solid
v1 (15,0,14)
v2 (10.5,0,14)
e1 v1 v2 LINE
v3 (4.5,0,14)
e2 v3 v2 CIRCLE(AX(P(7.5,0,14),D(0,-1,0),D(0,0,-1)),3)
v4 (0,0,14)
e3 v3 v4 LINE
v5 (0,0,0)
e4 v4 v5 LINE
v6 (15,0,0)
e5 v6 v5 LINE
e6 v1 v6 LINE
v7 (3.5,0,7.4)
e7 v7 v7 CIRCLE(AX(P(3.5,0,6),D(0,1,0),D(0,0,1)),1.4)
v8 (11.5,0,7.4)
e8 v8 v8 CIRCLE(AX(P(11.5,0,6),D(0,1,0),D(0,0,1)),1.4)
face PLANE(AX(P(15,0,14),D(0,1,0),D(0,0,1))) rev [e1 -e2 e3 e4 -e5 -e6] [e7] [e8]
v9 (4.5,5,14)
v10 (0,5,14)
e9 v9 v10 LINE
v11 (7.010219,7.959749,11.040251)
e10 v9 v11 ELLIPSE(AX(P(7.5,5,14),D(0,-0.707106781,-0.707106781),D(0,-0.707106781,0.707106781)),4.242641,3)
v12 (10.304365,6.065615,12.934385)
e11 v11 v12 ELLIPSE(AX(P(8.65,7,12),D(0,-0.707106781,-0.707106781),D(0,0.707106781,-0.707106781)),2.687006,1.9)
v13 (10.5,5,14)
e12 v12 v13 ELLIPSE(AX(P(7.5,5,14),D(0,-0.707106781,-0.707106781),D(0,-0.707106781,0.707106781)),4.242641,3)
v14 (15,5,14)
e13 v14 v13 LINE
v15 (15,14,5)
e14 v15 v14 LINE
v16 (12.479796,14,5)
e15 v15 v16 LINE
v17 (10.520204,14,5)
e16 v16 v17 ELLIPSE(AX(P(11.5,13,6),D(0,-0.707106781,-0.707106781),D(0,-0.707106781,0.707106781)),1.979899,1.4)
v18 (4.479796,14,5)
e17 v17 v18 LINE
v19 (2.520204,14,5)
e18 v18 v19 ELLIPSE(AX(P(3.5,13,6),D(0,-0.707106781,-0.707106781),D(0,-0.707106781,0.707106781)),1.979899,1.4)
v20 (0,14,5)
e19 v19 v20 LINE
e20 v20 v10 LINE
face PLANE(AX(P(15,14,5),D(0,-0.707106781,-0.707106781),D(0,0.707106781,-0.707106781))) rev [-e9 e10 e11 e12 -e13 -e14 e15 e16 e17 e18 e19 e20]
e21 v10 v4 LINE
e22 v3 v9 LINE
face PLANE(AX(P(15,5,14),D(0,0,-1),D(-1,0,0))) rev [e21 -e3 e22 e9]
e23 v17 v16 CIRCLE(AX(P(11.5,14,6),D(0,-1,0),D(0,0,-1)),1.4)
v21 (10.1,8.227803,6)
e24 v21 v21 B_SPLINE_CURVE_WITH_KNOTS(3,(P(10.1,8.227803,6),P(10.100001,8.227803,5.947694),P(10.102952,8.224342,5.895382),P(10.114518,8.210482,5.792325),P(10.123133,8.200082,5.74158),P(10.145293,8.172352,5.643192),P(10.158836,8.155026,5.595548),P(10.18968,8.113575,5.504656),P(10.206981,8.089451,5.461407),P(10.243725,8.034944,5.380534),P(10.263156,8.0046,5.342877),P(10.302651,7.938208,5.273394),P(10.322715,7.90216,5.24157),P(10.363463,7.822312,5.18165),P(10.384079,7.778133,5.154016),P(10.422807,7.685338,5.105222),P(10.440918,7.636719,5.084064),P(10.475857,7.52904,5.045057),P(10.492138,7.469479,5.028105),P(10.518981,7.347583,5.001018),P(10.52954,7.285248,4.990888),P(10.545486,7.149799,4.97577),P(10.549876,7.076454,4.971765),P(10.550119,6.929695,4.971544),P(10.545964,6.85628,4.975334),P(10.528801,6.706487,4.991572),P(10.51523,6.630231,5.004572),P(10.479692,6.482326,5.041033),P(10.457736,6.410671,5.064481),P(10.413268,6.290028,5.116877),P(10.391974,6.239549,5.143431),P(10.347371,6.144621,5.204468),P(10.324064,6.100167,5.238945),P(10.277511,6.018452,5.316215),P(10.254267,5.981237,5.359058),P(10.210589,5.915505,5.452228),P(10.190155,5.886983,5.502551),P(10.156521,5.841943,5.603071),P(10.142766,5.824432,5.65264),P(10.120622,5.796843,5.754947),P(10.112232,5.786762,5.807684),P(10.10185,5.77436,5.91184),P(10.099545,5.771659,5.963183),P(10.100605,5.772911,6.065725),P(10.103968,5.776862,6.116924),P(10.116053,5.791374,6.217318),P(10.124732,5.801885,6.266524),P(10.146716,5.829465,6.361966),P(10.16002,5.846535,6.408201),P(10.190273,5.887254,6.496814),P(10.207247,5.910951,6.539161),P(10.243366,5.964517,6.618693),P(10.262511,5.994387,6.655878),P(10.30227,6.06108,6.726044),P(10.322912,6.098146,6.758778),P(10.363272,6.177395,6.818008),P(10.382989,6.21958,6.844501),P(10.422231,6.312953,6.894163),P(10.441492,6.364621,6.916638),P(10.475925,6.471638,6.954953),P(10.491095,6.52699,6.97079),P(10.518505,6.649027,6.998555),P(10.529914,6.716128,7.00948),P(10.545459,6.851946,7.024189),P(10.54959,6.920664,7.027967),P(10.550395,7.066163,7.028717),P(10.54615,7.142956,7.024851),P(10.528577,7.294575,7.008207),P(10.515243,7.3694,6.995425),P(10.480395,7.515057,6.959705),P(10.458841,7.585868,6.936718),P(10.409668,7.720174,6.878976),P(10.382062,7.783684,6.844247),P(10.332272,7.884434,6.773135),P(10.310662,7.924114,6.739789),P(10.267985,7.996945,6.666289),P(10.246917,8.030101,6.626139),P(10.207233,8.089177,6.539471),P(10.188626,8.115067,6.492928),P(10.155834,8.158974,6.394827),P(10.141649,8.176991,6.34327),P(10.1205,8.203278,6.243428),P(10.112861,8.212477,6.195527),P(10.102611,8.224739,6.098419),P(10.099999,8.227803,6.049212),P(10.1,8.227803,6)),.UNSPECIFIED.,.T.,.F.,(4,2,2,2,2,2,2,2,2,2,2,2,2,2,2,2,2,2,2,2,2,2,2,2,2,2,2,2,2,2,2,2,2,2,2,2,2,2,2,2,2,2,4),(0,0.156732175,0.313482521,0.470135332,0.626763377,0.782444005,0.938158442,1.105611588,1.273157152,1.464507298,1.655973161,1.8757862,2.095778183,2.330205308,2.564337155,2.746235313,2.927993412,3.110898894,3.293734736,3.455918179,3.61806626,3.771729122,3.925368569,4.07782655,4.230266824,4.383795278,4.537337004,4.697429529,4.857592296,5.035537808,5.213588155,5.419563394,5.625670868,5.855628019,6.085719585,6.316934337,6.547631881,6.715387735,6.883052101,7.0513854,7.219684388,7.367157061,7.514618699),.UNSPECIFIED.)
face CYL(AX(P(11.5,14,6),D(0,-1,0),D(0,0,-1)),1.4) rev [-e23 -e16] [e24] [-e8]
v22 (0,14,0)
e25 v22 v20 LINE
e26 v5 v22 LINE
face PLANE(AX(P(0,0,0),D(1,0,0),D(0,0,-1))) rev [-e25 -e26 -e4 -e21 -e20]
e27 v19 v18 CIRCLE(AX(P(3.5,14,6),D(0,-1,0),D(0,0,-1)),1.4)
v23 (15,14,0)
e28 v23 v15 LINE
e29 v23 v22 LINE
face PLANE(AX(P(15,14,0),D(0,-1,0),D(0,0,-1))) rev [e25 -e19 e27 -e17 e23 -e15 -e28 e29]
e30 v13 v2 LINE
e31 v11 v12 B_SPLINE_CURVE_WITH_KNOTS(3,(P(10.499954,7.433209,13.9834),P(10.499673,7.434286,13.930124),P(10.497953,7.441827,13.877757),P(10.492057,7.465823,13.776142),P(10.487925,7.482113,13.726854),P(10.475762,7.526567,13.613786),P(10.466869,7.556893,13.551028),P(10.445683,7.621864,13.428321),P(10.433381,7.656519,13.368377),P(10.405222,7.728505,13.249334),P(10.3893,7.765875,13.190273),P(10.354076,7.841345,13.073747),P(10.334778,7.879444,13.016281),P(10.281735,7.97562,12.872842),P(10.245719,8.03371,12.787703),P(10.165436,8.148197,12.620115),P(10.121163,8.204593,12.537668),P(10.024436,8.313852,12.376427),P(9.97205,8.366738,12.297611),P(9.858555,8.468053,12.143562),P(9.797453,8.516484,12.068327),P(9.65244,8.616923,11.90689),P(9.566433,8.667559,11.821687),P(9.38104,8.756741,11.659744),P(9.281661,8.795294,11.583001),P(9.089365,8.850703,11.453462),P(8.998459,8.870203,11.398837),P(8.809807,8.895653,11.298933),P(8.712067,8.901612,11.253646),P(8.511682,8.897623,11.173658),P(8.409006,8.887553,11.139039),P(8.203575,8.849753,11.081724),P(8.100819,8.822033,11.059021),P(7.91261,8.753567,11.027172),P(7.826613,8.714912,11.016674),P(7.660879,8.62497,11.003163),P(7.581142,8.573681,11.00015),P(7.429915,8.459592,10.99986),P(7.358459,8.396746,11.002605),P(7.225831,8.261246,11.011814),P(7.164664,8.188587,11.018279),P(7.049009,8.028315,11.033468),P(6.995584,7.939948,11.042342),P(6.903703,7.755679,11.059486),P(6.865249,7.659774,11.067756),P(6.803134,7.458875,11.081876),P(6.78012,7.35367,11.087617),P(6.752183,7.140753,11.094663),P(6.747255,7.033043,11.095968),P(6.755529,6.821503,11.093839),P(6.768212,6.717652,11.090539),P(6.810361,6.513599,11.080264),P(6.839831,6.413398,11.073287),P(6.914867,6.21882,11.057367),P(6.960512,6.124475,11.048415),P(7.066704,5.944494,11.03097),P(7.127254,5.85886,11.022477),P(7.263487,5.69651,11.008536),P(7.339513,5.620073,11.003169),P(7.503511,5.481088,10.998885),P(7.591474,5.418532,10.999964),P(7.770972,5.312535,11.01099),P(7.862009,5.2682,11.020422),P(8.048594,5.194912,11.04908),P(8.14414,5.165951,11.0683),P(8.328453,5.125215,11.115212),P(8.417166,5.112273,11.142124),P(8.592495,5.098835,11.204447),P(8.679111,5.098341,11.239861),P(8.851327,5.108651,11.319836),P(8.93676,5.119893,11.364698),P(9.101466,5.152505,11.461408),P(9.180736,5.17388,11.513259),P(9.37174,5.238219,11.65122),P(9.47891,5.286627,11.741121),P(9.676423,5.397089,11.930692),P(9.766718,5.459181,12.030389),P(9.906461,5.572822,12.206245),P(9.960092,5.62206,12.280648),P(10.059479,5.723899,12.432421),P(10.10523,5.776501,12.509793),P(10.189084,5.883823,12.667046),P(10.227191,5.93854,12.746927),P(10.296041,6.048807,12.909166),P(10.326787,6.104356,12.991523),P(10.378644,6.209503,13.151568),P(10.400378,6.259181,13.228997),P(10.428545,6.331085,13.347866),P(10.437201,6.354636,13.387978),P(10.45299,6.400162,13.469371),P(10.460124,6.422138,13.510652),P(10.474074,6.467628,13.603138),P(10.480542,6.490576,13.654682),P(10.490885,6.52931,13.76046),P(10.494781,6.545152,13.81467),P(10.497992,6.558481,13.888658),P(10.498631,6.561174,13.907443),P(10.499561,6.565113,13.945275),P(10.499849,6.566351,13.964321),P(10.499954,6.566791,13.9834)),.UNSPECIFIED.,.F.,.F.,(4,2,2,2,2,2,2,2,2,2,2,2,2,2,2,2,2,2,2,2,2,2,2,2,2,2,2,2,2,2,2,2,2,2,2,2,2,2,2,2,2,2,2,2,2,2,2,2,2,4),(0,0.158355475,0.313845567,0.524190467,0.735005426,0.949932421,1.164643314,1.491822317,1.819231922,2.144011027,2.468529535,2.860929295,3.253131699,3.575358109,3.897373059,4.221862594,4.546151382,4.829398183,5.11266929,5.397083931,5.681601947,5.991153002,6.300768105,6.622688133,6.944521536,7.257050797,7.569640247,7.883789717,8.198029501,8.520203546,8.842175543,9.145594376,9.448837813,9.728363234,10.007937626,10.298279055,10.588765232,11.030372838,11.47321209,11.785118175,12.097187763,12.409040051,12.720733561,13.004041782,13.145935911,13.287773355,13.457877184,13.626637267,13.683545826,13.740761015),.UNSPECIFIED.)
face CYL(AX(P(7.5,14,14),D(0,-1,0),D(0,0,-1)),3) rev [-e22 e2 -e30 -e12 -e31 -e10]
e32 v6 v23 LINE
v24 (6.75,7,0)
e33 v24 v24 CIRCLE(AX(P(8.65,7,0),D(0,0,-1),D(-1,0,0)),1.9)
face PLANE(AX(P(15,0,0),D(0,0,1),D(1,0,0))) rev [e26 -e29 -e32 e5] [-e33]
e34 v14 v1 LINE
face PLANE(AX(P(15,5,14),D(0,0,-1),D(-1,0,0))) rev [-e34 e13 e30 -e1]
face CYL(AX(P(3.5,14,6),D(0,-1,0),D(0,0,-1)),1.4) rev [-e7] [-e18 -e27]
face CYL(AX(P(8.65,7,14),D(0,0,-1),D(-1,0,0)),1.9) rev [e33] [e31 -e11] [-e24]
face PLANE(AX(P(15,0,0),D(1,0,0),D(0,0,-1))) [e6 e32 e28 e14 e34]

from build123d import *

# Parameters (mm, degrees)
EXTRUDE_1_DEPTH          = 15
CUT_EXTRUDE_1_DEPTH      = 25.839484697
CUT_EXTRUDE_1_DEPTH_BACK = 25.839484697
SKETCH_2_R               = 1.4
SKETCH_3_R               = 1.9
CUT_EXTRUDE_2_DEPTH      = 25.839484697
SKETCH_4_R               = 3
CUT_EXTRUDE_3_DEPTH      = 25.839484753


with BuildPart() as part:
    # 草图1 → 凸台-拉伸1 (new body)
    with BuildSketch(Plane(origin=(0, 0, 0), x_dir=(0, 0, -1), z_dir=(1, 0, 0))):
        Polygon((-14, 0), (0, 0), (0, 14), (-5, 14), (-14, 5), align=None)
    extrude(amount=EXTRUDE_1_DEPTH)

    # 草图2 → 切除-拉伸1 (cut, two sides: drawn at the far end of the back side and taken through both)
    with BuildSketch(Plane.XZ.offset(-CUT_EXTRUDE_1_DEPTH_BACK)):
        with Locations(Location((11.5, 6, 0), (0, 0, 225.584691403))):
            Circle(SKETCH_2_R)
        with Locations(Location((3.5, 6, 0), (0, 0, 225.584691403))):
            Circle(SKETCH_2_R)
    extrude(amount=CUT_EXTRUDE_1_DEPTH + CUT_EXTRUDE_1_DEPTH_BACK, mode=Mode.SUBTRACT)

    # 草图3 → 切除-拉伸2 (cut, through all)
    with BuildSketch(Plane(origin=(0, 0, 0), x_dir=(-1, 0, 0), z_dir=(0, 0, -1))):
        with Locations((-8.65, 7)):
            Circle(SKETCH_3_R)
    extrude(amount=-CUT_EXTRUDE_2_DEPTH, mode=Mode.SUBTRACT)

    # 草图4 → 切除-拉伸3 (cut, through all)
    with BuildSketch(Plane.XZ):
        with Locations((7.5, 14)):
            Circle(SKETCH_4_R)
    extrude(amount=-CUT_EXTRUDE_3_DEPTH, mode=Mode.SUBTRACT)


solid = part.part
